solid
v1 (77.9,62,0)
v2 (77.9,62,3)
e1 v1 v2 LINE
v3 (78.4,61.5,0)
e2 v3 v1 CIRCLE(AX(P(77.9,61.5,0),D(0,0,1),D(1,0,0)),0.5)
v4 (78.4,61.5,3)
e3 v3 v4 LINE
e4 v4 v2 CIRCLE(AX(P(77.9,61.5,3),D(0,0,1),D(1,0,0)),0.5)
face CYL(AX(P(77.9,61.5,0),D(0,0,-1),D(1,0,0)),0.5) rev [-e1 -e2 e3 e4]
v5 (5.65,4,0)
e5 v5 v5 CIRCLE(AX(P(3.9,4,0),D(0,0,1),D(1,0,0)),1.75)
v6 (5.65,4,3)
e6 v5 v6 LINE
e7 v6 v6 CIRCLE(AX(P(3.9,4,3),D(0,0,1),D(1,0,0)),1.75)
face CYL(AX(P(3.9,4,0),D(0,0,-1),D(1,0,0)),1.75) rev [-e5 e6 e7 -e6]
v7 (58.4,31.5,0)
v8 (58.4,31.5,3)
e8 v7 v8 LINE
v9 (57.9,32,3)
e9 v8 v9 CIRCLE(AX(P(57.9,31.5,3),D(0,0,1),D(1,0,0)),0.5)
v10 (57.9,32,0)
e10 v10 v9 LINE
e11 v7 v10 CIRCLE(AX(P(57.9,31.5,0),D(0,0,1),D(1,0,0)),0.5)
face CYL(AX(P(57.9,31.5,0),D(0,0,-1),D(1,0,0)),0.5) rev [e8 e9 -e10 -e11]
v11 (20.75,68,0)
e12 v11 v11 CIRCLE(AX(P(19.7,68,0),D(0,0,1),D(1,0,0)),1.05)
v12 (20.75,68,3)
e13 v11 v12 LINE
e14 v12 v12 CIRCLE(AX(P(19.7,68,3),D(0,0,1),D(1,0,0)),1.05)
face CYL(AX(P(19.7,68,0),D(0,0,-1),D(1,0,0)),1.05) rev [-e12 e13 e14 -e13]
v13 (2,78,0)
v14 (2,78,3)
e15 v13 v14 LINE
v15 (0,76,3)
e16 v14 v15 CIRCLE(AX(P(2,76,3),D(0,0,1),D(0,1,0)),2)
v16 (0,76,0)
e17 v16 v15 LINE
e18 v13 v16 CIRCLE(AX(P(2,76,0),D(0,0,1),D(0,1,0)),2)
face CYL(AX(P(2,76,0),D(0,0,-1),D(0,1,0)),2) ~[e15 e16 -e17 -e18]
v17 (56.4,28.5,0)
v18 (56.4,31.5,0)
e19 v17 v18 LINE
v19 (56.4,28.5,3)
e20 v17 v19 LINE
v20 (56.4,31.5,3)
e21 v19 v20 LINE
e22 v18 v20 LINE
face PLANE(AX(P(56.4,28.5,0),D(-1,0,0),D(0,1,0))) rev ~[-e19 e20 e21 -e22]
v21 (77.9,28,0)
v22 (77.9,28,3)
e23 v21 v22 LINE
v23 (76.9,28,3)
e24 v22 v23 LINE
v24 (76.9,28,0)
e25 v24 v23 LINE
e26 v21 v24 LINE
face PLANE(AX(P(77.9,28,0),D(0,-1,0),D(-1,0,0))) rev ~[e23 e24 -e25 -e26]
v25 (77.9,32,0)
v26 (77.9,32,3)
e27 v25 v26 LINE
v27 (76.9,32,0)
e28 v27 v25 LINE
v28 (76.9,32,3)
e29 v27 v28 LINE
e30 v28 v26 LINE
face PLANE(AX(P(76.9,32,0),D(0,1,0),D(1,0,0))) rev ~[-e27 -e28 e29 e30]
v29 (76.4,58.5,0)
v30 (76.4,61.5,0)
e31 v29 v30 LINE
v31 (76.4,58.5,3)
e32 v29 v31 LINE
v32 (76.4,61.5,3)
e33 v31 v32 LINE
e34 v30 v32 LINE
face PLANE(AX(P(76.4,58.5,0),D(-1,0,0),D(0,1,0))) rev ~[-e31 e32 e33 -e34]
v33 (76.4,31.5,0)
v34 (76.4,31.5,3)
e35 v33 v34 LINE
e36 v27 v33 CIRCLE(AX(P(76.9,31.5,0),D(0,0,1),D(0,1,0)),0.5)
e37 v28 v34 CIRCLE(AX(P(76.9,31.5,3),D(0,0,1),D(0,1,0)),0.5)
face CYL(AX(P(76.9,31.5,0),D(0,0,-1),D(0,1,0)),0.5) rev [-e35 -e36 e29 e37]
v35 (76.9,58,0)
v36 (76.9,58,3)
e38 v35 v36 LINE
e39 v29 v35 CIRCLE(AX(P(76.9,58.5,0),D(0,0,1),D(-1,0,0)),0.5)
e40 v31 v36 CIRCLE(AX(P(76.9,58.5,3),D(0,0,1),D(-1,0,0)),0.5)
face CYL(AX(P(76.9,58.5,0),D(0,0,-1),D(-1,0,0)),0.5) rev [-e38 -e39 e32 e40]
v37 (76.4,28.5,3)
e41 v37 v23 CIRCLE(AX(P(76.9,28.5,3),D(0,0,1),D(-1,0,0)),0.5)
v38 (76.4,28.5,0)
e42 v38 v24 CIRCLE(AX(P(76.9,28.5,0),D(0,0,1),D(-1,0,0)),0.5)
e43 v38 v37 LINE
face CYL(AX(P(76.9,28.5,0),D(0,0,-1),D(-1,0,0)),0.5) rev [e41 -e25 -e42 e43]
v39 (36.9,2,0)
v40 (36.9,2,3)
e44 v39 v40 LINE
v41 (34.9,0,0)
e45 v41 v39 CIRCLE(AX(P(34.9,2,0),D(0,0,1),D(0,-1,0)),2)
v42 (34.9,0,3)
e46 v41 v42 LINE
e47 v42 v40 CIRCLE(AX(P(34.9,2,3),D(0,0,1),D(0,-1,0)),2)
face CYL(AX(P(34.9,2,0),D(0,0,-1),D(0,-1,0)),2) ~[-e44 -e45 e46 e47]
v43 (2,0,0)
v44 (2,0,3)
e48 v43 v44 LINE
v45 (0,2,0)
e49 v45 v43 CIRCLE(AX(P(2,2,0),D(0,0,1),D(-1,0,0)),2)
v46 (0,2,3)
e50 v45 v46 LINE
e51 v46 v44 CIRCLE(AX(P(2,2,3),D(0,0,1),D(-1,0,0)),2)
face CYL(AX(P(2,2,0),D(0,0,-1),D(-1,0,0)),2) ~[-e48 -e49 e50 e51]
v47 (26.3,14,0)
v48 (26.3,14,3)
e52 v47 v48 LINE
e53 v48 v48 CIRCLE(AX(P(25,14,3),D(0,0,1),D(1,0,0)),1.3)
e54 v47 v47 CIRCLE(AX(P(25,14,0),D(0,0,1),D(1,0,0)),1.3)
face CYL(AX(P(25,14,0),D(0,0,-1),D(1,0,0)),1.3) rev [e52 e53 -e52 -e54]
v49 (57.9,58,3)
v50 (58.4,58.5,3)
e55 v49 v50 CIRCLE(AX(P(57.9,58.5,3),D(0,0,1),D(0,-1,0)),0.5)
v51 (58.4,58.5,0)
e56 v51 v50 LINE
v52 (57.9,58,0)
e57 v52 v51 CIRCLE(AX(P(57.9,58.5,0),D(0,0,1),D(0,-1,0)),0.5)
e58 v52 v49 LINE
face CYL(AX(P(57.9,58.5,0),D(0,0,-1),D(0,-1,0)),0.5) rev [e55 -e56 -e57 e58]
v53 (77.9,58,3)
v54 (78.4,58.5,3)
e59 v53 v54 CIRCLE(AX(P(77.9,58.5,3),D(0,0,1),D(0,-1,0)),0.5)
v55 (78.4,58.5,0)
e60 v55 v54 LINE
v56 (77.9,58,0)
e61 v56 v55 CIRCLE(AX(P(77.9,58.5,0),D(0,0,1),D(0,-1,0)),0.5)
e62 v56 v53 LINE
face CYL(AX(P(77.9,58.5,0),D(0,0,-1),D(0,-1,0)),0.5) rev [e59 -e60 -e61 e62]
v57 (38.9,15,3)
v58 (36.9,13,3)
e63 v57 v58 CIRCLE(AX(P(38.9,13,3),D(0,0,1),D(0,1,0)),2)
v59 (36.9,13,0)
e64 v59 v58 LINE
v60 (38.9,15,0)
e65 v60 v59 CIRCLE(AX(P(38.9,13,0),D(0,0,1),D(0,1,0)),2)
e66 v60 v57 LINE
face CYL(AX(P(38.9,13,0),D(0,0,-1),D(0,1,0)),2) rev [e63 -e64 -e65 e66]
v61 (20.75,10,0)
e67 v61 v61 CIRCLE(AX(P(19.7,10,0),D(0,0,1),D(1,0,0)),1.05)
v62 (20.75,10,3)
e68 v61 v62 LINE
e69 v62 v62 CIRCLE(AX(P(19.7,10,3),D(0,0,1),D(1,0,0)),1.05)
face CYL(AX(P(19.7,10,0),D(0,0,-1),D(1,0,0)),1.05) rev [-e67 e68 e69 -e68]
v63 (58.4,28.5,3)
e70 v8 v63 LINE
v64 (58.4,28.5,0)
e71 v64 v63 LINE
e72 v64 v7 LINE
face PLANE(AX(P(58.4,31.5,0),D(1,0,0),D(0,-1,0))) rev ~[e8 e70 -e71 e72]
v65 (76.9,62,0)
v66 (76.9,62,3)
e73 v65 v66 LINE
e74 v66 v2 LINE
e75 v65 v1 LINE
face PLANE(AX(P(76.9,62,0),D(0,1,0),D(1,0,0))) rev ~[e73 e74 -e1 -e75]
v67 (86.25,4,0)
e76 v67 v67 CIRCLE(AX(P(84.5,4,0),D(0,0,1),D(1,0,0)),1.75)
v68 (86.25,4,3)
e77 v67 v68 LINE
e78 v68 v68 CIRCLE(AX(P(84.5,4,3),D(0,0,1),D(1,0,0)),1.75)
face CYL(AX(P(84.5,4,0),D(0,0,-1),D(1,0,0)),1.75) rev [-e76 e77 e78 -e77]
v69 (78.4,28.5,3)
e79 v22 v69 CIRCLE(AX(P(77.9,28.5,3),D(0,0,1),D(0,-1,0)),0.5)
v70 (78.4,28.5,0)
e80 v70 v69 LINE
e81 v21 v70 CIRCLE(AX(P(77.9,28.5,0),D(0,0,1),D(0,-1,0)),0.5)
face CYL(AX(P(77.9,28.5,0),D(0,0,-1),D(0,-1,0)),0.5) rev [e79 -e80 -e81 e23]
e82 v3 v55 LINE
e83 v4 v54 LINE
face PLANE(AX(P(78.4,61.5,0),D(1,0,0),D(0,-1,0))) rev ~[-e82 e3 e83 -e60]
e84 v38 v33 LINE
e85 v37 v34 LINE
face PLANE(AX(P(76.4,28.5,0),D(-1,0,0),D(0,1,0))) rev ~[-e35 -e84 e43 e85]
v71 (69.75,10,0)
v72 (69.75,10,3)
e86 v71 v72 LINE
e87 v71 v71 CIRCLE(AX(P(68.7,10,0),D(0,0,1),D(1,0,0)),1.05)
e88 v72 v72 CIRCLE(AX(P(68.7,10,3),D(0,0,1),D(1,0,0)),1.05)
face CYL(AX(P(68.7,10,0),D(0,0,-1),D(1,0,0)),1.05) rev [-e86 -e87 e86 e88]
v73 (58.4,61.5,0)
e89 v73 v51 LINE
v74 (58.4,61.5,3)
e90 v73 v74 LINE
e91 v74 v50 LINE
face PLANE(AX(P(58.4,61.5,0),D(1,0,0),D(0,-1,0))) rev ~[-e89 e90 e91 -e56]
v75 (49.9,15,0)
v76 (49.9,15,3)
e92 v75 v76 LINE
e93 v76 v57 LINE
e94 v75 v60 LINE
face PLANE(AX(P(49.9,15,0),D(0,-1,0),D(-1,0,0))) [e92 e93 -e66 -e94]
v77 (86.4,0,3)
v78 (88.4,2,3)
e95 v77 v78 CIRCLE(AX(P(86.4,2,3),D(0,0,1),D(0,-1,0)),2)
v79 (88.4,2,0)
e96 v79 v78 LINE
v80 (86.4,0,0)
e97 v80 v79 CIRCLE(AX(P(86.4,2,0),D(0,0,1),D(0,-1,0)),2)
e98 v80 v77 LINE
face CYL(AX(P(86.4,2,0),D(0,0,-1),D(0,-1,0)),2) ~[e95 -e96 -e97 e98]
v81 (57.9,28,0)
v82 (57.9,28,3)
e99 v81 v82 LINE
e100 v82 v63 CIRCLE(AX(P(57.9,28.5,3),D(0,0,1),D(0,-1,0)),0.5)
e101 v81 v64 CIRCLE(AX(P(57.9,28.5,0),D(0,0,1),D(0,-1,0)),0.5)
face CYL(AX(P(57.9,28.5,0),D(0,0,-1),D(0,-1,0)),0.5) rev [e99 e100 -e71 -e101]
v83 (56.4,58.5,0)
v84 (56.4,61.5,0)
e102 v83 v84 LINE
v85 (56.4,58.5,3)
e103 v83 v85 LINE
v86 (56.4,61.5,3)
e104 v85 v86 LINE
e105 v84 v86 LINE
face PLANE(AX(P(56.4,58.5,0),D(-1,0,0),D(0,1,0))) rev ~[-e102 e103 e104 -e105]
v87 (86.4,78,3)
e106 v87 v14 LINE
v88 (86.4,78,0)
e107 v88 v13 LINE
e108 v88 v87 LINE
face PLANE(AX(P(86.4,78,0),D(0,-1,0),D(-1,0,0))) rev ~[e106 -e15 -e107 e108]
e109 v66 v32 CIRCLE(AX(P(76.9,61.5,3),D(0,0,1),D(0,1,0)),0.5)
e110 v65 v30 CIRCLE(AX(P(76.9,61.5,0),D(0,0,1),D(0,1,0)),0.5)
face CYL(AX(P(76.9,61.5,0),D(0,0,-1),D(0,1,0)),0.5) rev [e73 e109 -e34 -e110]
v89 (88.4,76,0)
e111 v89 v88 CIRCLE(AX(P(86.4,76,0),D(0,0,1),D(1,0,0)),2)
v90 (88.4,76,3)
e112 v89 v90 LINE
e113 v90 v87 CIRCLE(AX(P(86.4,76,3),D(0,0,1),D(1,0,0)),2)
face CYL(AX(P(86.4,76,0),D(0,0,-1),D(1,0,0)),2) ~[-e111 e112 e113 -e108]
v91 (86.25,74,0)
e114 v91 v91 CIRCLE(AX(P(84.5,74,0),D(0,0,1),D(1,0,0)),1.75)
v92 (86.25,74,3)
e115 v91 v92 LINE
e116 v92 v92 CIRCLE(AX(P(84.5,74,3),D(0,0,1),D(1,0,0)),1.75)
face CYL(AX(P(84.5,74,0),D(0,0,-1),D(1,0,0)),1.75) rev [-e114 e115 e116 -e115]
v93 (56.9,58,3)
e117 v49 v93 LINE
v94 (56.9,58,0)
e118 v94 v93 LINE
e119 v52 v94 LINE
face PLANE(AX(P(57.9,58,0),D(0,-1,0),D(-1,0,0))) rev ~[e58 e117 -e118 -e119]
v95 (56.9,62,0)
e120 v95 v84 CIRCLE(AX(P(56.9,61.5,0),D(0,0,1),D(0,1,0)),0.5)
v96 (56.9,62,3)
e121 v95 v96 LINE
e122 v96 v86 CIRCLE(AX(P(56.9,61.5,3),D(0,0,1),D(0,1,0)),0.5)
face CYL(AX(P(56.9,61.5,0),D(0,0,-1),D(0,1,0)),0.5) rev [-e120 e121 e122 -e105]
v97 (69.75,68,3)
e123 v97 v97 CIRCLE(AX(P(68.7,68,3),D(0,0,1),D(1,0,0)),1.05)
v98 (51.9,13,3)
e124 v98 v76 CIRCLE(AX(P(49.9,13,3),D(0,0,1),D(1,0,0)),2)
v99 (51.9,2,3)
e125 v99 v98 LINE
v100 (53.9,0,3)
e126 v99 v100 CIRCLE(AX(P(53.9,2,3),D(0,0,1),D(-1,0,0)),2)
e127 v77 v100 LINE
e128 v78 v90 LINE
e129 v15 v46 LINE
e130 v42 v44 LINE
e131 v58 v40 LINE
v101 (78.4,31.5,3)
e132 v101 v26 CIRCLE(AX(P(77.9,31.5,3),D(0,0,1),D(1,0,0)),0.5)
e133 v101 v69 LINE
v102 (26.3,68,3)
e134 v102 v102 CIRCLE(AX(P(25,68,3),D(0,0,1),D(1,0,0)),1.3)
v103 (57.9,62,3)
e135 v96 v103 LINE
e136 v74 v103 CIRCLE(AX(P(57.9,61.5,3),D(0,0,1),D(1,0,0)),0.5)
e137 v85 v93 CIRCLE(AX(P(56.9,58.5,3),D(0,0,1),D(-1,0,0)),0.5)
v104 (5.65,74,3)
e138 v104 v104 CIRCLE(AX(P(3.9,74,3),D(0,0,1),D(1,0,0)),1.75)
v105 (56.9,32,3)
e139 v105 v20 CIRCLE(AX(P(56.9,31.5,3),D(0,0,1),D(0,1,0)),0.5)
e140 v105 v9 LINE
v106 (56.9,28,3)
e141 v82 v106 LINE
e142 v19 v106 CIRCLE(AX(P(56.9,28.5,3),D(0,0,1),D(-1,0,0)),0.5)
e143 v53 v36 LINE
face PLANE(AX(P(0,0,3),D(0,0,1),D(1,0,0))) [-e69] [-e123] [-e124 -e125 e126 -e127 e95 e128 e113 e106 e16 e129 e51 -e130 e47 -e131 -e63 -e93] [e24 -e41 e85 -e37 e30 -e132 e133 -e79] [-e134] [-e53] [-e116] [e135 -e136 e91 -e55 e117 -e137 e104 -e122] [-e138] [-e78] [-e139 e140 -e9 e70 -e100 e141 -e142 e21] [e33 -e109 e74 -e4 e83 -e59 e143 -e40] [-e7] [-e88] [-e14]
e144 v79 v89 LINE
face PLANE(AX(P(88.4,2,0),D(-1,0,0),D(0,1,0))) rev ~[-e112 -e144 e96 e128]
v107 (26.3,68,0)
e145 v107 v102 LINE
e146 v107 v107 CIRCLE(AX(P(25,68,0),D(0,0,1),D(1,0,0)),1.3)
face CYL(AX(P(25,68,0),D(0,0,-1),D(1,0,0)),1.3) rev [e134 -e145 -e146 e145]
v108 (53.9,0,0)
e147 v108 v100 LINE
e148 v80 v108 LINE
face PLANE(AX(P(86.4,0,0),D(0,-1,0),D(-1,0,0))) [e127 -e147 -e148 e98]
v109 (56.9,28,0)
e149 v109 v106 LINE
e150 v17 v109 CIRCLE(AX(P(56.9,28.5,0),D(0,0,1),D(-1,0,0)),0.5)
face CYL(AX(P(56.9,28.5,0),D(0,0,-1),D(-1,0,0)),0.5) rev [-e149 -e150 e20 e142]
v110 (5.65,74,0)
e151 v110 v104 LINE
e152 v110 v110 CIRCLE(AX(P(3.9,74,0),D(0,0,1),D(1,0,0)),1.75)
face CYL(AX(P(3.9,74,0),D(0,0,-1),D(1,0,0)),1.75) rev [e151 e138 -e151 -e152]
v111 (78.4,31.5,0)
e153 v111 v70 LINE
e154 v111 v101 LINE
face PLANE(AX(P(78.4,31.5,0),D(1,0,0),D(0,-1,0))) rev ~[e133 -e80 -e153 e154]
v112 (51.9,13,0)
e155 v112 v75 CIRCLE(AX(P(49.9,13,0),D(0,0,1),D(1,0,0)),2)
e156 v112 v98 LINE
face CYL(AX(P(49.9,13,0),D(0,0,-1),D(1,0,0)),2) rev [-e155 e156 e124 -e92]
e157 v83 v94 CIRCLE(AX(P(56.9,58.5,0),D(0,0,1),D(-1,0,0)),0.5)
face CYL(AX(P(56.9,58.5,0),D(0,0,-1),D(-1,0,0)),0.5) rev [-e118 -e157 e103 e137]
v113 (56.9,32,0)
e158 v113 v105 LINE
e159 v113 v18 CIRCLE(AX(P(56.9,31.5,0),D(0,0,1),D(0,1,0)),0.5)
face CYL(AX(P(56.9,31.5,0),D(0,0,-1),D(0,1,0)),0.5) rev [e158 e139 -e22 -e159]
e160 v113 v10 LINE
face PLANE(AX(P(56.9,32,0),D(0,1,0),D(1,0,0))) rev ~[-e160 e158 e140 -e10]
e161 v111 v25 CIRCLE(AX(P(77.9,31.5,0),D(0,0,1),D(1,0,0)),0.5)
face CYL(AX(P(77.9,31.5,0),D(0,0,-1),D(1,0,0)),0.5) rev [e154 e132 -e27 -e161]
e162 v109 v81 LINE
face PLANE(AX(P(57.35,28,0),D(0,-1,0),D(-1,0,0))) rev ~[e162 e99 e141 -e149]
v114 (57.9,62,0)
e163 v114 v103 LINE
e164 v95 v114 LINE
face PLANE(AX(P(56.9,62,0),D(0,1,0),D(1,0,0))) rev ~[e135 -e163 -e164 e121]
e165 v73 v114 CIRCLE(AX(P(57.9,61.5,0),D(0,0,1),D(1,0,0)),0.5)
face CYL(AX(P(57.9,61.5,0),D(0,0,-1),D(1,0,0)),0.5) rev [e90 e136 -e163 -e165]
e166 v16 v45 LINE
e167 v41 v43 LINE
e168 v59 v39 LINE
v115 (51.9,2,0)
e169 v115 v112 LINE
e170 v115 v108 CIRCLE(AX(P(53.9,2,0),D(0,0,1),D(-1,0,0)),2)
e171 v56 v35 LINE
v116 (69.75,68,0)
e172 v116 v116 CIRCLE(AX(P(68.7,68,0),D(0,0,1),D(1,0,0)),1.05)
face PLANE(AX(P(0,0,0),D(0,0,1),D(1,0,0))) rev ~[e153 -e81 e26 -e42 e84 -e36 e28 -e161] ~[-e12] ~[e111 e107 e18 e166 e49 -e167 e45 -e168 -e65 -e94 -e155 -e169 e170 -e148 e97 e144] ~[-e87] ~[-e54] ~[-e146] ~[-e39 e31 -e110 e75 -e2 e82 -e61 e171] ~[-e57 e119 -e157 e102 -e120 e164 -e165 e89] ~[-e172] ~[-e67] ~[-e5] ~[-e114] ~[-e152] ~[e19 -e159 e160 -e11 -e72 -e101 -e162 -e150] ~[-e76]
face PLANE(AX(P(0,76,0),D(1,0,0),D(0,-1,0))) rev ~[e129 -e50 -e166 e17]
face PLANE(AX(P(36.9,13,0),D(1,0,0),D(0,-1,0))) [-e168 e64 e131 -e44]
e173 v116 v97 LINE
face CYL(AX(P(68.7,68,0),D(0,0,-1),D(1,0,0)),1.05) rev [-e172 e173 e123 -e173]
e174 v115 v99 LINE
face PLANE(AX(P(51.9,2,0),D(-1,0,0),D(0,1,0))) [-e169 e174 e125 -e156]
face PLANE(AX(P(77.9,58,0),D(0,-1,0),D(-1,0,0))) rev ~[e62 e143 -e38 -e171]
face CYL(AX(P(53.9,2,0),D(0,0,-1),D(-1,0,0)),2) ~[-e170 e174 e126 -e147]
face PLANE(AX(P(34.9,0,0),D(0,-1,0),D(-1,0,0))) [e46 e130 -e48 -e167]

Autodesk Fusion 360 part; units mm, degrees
sketch "Esquisse1" plane through (0, 0, 0) normal (0, 0, 1) x (1, 0, 0)
  line L0 (88.4, 2) -> (88.4, 76)
  line L1 (86.4, 78) -> (2, 78)
  line L2 (0, 76) -> (0, 2)
  circle A0 centre (3.9, 4) radius 1.75
  circle A1 centre (3.9, 74) radius 1.75
  circle A2 centre (84.5, 74) radius 1.75
  circle A3 centre (84.5, 4) radius 1.75
  arc A4 (0, 2) -> (2, 0) centre (2, 2) ccw
  arc A5 (2, 78) -> (0, 76) centre (2, 76) ccw
  arc A6 (88.4, 76) -> (86.4, 78) centre (86.4, 76) ccw
  arc A7 (86.4, 0) -> (88.4, 2) centre (86.4, 2) ccw
  circle A8 centre (19.7, 10) radius 1.05
  circle A9 centre (68.7, 10) radius 1.05
  circle A10 centre (19.7, 68) radius 1.05
  circle A11 centre (68.7, 68) radius 1.05
  line L3 (51.9, 2) -> (51.9, 13)
  line L4 (49.9, 15) -> (38.9, 15)
  line L5 (36.9, 13) -> (36.9, 2)
  line L6 (34.9, 0) -> (2, 0)
  line L7 (86.4, 0) -> (53.9, 0)
  arc A12 (34.9, 0) -> (36.9, 2) centre (34.9, 2) ccw
  arc A13 (51.9, 2) -> (53.9, 0) centre (53.9, 2) ccw
  arc A14 (51.9, 13) -> (49.9, 15) centre (49.9, 13) ccw
  arc A15 (38.9, 15) -> (36.9, 13) centre (38.9, 13) ccw
  circle A16 centre (58.4, 28) radius 1.05
  circle A17 centre (25, 68) radius 1.3
  circle A18 centre (25, 14) radius 1.3
  line L8 (57.9, 28) -> (56.9, 28)
  line L9 (56.4, 28.5) -> (56.4, 31.5)
  line L10 (56.9, 32) -> (57.9, 32)
  line L11 (58.4, 31.5) -> (58.4, 28.5)
  arc A19 (56.4, 28.5) -> (56.9, 28) centre (56.9, 28.5) ccw
  arc A20 (56.9, 32) -> (56.4, 31.5) centre (56.9, 31.5) ccw
  arc A21 (58.4, 31.5) -> (57.9, 32) centre (57.9, 31.5) ccw
  arc A22 (57.9, 28) -> (58.4, 28.5) centre (57.9, 28.5) ccw
  line L12 (77.9, 28) -> (76.9, 28)
  arc A23 (77.9, 28) -> (78.4, 28.5) centre (77.9, 28.5) ccw
  line L13 (78.4, 31.5) -> (78.4, 28.5)
  line L14 (76.4, 28.5) -> (76.4, 31.5)
  arc A24 (76.4, 28.5) -> (76.9, 28) centre (76.9, 28.5) ccw
  line L15 (76.9, 32) -> (77.9, 32)
  arc A25 (78.4, 31.5) -> (77.9, 32) centre (77.9, 31.5) ccw
  arc A26 (76.9, 32) -> (76.4, 31.5) centre (76.9, 31.5) ccw
  line L16 (57.9, 58) -> (56.9, 58)
  arc A27 (57.9, 58) -> (58.4, 58.5) centre (57.9, 58.5) ccw
  line L17 (58.4, 61.5) -> (58.4, 58.5)
  line L18 (56.4, 58.5) -> (56.4, 61.5)
  arc A28 (56.4, 58.5) -> (56.9, 58) centre (56.9, 58.5) ccw
  line L19 (56.9, 62) -> (57.9, 62)
  arc A29 (58.4, 61.5) -> (57.9, 62) centre (57.9, 61.5) ccw
  arc A30 (56.9, 62) -> (56.4, 61.5) centre (56.9, 61.5) ccw
  line L20 (77.9, 58) -> (76.9, 58)
  arc A31 (77.9, 58) -> (78.4, 58.5) centre (77.9, 58.5) ccw
  line L21 (78.4, 61.5) -> (78.4, 58.5)
  line L22 (76.4, 58.5) -> (76.4, 61.5)
  arc A32 (76.4, 58.5) -> (76.9, 58) centre (76.9, 58.5) ccw
  line L23 (76.9, 62) -> (77.9, 62)
  arc A33 (78.4, 61.5) -> (77.9, 62) centre (77.9, 61.5) ccw
  arc A34 (76.9, 62) -> (76.4, 61.5) centre (76.9, 61.5) ccw
  point P0 (88.4, 0)
  point P1 (0, 78)
  point P2 (36.9, 0)
  point P3 (36.9, 15)
  point P4 (58.4, 28)
  point P5 (56.4, 28)
  point P6 (58.4, 32)
  dimension "d1" = 78
  dimension "d2" = 88.4
  dimension "d3" = 3.5
  dimension "d4" = 3.9
  dimension "d6" = 3.5
  dimension "d8" = 4
  dimension "d9" = 3.5
  dimension "d10" = 4
  dimension "d11" = 3.9
  dimension "d12" = 3.5
  dimension "d13" = 3.9
  dimension "d15" = 2
  dimension "d16" = 2
  dimension "d17" = 2
  dimension "d18" = 2
  dimension "d21" = 2.1
  dimension "d24" = 49
  dimension "d25" = 58
  dimension "d28" = 19.7
  dimension "d30" = 15
  dimension "d31" = 36.9
  dimension "d33" = 2
  dimension "d34" = 2
  dimension "d35" = 2
  dimension "d36" = 2
  dimension "d37" = 15
  dimension "d41" = 2.1
  dimension "d44" = 20
  dimension "d45" = 30
  dimension "d46" = 30
  dimension "d47" = 50
  dimension "d48" = 2.6
  dimension "d51" = 0
  dimension "d52" = -54
  dimension "d53" = 10
  dimension "d54" = 25
  dimension "d55" = 2
  dimension "d56" = 4
  dimension "d57" = 0.5
extrude "Extrusion1" add sketch "Esquisse1" along normal blind 3 contours L0 L1 L2 A4 A5 A6 A7 L3 L4 L5 L6 L7 A12 A13 A14 A15 | A16 L8 L11 A22 picked at (58.8173, 27.529)
